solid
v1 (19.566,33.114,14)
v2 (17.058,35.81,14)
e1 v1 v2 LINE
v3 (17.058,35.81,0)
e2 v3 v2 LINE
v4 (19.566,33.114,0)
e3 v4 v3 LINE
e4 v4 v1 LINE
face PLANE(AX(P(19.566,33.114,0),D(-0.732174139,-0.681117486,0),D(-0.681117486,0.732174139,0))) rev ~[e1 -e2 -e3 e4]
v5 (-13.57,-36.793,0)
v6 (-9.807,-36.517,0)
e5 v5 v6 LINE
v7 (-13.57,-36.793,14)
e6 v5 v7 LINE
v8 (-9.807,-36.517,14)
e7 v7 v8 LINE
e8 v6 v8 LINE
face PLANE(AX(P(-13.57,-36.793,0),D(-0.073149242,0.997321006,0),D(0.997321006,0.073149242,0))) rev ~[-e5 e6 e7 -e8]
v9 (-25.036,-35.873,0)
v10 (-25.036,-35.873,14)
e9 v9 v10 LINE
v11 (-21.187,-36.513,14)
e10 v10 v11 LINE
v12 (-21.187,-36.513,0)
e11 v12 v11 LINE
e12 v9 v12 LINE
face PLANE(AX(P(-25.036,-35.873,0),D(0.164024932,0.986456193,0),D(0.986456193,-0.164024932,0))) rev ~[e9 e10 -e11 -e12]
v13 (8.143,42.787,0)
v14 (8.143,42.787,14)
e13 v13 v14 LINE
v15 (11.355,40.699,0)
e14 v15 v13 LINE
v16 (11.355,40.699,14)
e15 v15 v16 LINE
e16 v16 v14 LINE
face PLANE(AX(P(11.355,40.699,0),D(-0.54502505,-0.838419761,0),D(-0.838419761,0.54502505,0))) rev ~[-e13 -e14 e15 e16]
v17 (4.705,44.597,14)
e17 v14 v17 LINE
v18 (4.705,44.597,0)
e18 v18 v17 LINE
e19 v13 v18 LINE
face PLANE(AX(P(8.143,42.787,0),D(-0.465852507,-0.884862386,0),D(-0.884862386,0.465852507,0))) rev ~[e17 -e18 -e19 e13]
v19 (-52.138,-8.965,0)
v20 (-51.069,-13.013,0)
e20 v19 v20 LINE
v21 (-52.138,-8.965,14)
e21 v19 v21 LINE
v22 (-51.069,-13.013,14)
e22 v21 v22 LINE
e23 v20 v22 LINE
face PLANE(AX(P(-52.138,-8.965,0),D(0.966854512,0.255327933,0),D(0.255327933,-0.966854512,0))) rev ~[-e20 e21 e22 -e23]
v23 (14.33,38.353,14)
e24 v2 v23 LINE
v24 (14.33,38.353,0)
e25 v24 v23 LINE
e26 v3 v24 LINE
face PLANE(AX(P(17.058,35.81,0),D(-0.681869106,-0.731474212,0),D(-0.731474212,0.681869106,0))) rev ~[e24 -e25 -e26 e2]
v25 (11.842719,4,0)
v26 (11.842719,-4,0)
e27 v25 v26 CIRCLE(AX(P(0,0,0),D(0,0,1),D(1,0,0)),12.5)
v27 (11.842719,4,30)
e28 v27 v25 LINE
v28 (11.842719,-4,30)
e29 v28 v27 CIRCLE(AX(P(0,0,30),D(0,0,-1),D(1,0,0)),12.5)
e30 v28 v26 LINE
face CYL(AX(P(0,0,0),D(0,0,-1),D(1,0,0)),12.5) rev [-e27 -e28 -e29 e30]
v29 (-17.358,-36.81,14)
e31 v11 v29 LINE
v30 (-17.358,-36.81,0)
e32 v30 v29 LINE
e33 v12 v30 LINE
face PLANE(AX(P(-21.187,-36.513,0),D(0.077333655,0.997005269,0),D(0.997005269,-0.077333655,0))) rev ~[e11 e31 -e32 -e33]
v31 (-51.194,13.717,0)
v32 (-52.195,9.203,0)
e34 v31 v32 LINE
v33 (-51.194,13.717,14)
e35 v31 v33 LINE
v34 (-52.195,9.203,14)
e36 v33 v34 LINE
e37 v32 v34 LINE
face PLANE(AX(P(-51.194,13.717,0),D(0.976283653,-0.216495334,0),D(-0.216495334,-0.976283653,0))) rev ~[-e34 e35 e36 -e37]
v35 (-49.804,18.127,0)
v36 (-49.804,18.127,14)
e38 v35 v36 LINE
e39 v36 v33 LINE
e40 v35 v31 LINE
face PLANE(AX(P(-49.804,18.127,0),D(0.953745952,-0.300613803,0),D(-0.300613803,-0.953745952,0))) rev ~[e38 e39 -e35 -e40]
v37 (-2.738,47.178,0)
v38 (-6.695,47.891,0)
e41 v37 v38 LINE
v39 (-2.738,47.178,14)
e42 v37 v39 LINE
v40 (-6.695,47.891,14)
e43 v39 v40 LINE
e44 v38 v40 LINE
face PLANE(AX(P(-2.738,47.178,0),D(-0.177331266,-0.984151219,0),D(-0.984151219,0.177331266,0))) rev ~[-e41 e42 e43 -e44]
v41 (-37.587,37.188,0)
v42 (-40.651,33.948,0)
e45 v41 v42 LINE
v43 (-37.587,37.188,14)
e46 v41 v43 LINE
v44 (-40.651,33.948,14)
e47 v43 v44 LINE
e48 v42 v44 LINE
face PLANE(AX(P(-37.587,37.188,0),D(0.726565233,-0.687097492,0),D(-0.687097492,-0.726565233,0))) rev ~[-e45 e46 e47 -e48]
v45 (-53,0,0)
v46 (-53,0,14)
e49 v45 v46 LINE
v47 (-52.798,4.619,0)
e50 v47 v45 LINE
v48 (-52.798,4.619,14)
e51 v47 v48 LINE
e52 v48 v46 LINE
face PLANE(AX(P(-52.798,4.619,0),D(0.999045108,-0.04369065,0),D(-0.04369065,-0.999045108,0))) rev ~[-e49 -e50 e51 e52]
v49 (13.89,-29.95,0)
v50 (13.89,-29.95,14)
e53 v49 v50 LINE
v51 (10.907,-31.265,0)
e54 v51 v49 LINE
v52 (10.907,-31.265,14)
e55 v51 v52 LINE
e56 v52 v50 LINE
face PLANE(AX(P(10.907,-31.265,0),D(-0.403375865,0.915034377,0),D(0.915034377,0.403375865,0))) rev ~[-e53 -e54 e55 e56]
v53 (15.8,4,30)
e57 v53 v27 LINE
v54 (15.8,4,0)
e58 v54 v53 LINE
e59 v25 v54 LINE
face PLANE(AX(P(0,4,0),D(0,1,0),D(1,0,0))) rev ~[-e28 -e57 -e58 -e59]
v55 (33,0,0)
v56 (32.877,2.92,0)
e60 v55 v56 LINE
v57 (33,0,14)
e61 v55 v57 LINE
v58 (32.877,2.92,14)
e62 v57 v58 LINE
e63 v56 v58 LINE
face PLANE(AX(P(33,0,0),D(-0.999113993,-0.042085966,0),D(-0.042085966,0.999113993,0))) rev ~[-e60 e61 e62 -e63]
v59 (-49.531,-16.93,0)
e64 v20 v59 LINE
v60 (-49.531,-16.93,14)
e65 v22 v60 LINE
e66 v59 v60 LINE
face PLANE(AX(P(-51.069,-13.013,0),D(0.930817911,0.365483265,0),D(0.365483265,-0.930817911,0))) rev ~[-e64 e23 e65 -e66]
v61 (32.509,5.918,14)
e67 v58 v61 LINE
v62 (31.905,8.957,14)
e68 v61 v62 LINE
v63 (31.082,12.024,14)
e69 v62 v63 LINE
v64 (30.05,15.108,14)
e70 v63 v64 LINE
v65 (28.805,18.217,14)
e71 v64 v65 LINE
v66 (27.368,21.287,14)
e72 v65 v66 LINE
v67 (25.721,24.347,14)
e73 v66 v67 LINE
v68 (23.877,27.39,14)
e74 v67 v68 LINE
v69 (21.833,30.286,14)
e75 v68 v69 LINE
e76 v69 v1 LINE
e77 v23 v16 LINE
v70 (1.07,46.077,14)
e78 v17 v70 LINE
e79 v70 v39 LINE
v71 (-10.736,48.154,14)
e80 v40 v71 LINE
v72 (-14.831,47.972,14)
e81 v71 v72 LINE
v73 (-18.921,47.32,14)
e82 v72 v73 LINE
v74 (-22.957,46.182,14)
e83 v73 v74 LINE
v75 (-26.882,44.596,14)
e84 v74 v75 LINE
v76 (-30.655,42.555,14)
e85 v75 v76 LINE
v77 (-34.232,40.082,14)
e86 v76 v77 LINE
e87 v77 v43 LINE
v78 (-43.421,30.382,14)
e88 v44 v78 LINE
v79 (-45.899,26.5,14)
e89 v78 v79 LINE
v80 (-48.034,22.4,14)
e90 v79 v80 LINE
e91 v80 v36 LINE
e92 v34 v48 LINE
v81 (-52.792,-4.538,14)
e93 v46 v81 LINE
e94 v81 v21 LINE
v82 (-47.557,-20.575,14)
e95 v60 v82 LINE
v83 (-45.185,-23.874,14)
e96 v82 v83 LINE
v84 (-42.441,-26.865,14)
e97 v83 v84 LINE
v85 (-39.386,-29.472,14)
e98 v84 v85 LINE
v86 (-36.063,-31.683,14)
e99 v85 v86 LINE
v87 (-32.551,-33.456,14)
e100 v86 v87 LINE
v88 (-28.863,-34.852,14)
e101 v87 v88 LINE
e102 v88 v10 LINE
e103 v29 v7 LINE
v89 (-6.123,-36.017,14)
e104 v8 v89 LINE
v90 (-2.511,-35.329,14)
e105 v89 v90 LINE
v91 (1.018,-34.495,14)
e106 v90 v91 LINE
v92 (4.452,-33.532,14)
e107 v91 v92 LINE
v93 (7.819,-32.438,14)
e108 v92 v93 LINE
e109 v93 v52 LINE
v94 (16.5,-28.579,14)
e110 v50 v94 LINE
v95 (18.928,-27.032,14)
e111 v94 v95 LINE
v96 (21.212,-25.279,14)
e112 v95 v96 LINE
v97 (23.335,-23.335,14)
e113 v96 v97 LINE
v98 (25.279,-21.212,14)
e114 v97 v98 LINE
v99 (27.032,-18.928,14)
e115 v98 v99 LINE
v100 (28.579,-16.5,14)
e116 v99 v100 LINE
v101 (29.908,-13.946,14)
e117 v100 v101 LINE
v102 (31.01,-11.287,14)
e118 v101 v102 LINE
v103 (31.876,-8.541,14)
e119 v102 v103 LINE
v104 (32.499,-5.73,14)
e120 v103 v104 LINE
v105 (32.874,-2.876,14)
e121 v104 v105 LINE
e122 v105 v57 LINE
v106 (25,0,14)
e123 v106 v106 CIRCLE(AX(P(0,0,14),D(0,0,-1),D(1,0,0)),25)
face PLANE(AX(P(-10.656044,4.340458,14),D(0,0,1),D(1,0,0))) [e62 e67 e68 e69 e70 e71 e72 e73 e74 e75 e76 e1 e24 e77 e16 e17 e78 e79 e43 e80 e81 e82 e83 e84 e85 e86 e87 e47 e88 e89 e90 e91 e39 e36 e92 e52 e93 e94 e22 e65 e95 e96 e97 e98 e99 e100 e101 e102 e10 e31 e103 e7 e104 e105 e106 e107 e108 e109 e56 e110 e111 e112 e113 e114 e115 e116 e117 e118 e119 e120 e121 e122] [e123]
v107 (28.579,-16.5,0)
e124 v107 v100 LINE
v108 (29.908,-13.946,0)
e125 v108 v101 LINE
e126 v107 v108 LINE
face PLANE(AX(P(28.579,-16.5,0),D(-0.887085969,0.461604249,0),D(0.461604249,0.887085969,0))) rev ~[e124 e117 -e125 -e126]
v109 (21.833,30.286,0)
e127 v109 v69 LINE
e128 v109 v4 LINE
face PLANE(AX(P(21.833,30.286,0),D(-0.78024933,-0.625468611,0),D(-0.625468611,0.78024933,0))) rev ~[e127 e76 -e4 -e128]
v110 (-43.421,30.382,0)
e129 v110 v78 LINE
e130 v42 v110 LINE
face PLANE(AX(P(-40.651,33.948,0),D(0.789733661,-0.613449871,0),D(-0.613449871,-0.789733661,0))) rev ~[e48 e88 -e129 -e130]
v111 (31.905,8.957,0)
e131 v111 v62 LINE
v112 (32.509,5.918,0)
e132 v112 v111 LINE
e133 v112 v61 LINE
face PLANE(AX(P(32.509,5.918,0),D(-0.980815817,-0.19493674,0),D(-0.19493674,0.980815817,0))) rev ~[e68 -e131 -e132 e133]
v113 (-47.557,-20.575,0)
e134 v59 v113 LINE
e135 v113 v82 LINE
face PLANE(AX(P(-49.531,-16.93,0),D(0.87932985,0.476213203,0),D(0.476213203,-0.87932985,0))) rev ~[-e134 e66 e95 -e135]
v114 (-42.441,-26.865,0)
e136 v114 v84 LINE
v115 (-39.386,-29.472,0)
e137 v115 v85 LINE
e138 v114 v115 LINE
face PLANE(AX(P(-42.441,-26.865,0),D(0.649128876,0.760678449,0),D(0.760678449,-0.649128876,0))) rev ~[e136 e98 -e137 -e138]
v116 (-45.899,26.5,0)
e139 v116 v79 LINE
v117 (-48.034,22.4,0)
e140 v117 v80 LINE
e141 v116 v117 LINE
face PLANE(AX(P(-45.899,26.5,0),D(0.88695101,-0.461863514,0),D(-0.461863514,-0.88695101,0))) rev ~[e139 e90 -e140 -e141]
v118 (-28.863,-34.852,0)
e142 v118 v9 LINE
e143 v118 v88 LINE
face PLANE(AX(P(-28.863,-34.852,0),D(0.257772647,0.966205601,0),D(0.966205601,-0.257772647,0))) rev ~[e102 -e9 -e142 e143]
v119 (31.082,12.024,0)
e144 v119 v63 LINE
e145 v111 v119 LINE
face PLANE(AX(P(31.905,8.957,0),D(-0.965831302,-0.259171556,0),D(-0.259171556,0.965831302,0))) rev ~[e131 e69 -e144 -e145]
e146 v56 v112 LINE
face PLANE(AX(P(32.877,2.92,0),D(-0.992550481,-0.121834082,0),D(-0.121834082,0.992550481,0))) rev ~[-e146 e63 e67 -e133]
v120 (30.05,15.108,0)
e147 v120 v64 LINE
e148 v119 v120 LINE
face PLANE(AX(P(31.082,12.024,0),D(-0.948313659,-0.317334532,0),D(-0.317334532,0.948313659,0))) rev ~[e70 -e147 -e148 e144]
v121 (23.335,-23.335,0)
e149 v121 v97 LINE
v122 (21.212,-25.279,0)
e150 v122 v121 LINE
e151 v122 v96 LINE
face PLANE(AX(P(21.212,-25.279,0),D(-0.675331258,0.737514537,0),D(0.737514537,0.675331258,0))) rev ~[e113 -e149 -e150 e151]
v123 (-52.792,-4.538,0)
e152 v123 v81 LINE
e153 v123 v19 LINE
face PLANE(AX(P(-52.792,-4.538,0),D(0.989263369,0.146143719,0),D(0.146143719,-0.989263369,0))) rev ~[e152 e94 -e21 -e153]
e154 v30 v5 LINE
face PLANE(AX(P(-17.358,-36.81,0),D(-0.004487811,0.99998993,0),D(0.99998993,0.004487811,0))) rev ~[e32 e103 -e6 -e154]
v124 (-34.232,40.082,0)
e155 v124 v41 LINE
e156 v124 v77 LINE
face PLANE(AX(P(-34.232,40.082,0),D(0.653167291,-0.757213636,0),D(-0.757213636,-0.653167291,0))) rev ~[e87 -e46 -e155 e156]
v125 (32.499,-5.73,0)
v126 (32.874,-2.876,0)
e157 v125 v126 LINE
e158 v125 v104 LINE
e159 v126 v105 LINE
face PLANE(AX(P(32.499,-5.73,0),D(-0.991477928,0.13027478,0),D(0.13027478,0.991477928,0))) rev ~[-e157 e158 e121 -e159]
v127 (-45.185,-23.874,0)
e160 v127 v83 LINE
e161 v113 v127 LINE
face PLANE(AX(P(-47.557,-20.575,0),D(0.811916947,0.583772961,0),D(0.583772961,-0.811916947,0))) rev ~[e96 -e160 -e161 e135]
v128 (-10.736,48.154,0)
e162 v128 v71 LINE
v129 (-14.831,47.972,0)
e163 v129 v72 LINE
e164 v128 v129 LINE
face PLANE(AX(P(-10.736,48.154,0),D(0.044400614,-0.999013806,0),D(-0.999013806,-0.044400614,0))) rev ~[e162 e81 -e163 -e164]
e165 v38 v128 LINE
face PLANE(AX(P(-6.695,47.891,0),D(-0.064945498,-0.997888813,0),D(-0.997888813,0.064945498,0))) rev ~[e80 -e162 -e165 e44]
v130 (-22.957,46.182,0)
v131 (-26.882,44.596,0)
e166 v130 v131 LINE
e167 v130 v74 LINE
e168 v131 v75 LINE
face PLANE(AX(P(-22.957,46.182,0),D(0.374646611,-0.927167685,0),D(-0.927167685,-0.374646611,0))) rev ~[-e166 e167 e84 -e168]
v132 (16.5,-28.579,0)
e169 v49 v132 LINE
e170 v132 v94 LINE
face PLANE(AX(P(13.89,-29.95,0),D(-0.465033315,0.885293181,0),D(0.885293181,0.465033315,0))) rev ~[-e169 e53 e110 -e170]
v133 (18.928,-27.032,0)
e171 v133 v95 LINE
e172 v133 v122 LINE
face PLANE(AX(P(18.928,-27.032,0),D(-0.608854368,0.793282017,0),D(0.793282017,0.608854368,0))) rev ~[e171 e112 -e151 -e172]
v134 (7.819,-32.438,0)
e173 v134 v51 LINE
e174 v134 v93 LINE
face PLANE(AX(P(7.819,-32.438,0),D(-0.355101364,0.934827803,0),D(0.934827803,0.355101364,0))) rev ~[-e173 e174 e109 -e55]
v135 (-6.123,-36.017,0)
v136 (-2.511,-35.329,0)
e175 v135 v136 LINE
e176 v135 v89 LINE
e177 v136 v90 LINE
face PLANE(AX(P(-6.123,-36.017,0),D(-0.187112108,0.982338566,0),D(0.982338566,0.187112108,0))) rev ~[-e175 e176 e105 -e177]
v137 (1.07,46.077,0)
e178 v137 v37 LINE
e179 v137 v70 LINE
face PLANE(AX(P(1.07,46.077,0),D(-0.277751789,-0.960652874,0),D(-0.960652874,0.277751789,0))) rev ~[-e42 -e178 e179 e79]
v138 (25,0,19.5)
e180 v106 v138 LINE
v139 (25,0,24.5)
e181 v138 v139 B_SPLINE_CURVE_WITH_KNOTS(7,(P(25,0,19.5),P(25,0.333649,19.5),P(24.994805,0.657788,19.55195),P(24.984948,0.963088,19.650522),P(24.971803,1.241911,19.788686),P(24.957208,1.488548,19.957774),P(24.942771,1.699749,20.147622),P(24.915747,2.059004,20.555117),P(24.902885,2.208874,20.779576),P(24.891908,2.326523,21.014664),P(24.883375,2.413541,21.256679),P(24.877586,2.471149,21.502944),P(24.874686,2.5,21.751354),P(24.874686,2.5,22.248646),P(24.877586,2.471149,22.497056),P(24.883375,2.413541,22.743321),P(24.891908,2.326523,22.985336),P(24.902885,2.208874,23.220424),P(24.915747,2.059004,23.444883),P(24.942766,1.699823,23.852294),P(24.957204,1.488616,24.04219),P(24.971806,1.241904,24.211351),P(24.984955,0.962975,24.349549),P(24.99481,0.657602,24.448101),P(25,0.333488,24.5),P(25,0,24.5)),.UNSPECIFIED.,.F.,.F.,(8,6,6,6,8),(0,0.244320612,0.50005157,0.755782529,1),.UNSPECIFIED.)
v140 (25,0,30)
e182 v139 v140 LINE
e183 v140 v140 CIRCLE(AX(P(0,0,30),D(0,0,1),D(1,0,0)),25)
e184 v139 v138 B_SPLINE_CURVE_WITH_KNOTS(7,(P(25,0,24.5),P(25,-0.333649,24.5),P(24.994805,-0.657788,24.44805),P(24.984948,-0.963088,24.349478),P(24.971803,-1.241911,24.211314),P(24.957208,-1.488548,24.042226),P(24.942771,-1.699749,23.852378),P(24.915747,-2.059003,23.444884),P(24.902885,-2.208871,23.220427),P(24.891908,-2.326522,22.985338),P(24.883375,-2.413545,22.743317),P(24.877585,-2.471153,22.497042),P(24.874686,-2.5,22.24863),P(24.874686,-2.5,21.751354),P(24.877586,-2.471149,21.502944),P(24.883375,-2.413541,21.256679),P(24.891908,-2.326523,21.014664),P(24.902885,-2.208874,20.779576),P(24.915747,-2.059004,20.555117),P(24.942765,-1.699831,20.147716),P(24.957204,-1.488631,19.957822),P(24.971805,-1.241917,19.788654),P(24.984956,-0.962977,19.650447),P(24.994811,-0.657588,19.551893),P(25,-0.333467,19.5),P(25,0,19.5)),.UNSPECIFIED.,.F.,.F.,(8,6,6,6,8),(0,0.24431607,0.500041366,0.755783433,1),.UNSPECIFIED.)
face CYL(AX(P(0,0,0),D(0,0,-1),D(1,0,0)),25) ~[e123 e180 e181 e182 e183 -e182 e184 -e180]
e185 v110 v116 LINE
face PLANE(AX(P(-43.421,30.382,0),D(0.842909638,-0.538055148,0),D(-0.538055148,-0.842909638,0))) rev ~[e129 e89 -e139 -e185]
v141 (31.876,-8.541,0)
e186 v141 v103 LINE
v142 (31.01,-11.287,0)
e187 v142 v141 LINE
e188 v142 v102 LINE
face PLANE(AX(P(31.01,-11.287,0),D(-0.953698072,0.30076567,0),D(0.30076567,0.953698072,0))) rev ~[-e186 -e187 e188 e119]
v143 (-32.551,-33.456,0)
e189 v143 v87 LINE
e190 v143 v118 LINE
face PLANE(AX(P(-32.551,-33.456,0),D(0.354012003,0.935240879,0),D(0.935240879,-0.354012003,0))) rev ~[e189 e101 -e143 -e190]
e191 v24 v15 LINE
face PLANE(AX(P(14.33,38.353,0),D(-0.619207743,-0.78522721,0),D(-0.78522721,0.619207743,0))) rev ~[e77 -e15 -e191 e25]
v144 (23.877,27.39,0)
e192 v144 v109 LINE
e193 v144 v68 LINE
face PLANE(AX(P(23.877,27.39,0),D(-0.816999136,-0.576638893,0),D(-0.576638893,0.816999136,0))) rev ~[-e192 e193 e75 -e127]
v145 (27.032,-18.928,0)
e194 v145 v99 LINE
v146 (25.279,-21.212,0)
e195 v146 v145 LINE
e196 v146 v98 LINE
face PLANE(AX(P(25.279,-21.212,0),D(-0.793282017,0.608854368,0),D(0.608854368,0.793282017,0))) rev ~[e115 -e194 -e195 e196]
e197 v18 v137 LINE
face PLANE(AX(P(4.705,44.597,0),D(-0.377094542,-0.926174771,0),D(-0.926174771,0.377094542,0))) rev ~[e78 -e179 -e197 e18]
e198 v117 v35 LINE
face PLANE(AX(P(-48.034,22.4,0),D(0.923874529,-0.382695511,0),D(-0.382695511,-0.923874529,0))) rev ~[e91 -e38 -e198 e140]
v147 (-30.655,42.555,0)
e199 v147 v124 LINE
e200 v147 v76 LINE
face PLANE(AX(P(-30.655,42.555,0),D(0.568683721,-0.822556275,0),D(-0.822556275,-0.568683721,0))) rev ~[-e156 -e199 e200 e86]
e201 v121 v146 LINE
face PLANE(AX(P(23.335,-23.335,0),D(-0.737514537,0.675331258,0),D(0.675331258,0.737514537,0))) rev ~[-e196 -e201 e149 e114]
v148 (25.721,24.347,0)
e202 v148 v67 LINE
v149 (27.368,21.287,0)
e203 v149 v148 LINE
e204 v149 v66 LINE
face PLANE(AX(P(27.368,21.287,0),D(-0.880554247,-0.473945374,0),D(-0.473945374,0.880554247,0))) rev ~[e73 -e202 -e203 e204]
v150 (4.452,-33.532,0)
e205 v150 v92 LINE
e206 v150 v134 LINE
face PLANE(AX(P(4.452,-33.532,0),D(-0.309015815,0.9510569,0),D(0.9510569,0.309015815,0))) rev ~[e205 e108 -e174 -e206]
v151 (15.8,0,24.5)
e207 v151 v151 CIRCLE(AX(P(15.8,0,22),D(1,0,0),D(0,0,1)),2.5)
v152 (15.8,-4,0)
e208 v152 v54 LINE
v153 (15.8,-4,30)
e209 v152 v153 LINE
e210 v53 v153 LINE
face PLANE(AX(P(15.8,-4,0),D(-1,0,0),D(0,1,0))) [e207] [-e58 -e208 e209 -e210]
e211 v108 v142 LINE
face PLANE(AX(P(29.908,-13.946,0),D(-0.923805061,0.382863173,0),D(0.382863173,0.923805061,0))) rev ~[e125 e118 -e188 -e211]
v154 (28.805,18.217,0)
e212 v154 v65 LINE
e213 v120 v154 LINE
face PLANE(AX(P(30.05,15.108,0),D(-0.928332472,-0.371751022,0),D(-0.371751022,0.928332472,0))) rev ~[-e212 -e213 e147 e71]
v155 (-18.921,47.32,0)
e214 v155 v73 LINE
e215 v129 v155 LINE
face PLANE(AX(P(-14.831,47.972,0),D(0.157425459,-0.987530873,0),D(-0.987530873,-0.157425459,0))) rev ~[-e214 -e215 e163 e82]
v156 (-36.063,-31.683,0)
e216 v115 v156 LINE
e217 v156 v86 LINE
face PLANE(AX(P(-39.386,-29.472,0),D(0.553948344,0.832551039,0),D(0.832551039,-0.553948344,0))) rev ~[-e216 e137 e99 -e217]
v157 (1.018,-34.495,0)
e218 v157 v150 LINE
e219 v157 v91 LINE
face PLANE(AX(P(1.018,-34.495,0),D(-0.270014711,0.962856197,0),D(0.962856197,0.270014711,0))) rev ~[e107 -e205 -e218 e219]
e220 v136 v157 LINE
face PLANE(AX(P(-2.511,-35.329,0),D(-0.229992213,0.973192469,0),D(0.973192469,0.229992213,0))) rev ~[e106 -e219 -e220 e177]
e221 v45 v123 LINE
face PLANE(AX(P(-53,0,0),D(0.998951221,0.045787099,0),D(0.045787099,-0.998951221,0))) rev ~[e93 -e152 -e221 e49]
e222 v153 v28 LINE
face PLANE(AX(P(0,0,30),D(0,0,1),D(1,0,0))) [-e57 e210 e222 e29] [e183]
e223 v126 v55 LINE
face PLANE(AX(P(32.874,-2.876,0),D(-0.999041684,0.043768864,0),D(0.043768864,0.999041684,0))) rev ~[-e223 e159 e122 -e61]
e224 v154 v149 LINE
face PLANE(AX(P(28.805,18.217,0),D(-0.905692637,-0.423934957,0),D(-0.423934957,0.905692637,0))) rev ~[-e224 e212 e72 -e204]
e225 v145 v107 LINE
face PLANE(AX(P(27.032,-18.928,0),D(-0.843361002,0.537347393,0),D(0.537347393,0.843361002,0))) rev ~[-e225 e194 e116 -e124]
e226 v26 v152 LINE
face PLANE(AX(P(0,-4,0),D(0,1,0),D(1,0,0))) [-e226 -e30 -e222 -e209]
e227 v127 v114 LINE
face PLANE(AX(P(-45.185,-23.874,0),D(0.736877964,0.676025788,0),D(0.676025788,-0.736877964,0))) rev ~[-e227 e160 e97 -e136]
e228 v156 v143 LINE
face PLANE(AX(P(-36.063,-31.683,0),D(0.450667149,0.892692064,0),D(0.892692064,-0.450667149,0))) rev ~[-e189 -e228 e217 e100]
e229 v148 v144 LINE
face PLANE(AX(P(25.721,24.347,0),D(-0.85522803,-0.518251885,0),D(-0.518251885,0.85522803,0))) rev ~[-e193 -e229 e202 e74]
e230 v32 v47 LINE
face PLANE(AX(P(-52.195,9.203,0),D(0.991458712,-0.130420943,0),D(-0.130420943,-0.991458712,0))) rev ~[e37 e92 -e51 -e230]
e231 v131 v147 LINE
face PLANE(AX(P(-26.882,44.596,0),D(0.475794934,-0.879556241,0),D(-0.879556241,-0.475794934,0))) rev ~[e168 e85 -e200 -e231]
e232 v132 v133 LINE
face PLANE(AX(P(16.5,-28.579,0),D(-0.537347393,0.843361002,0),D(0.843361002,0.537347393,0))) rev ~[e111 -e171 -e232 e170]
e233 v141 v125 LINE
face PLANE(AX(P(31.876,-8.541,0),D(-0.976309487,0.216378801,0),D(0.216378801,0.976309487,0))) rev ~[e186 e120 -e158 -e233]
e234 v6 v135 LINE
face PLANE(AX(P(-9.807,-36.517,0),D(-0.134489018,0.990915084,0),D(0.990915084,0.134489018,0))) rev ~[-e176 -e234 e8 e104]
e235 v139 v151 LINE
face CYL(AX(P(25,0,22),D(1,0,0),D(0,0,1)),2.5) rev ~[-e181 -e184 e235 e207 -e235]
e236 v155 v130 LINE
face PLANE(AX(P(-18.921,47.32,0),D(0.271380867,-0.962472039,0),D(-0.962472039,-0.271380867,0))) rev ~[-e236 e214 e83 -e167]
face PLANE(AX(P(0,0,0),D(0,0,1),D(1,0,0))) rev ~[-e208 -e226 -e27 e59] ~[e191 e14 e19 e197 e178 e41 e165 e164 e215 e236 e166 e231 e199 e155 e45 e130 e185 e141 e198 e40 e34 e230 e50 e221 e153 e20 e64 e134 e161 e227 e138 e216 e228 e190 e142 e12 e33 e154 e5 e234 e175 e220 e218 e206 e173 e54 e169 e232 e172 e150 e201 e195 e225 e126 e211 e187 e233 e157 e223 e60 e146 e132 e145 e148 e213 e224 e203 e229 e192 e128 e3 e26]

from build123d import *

# Parameters (mm, degrees)
EXTRUDE_1_DEPTH     = 14
SKETCH_2_R          = 25
EXTRUDE_2_DEPTH     = 30
SKETCH_3_R          = 12.5
CUT_EXTRUDE_1_DEPTH = 78.638957463
SKETCH_4_W          = 15.8
SKETCH_4_H          = 8
CUT_EXTRUDE_2_DEPTH = 78.638957463
SKETCH_5_R          = 2.5
CUT_EXTRUDE_3_DEPTH = 12.6


with BuildPart() as part:
    # 草图1 → 凸台-拉伸1 (new body)
    with BuildSketch(Plane.XY):
        Polygon((33, 0), (32.877, 2.92), (32.509, 5.918), (31.905, 8.957), (31.082, 12.024), (30.05, 15.108), (28.805, 18.217), (27.368, 21.287), (25.721, 24.347), (23.877, 27.39), (21.833, 30.286), (19.566, 33.114), (17.058, 35.81), (14.33, 38.353), (11.355, 40.699), (8.143, 42.787), (4.705, 44.597), (1.07, 46.077), (-2.738, 47.178), (-6.695, 47.891), (-10.736, 48.154), (-14.831, 47.972), (-18.921, 47.32), (-22.957, 46.182), (-26.882, 44.596), (-30.655, 42.555), (-34.232, 40.082), (-37.587, 37.188), (-40.651, 33.948), (-43.421, 30.382), (-45.899, 26.5), (-48.034, 22.4), (-49.804, 18.127), (-51.194, 13.717), (-52.195, 9.203), (-52.798, 4.619), (-53, 0), (-52.792, -4.538), (-52.138, -8.965), (-51.069, -13.013), (-49.531, -16.93), (-47.557, -20.575), (-45.185, -23.874), (-42.441, -26.865), (-39.386, -29.472), (-36.063, -31.683), (-32.551, -33.456), (-28.863, -34.852), (-25.036, -35.873), (-21.187, -36.513), (-17.358, -36.81), (-13.57, -36.793), (-9.807, -36.517), (-6.123, -36.017), (-2.511, -35.329), (1.018, -34.495), (4.452, -33.532), (7.819, -32.438), (10.907, -31.265), (13.89, -29.95), (16.5, -28.579), (18.928, -27.032), (21.212, -25.279), (23.335, -23.335), (25.279, -21.212), (27.032, -18.928), (28.579, -16.5), (29.908, -13.946), (31.01, -11.287), (31.876, -8.541), (32.499, -5.73), (32.874, -2.876), align=None)
    extrude(amount=EXTRUDE_1_DEPTH)

    # 草图2 → 凸台-拉伸2 (add)
    with BuildSketch(Plane.XY):
        Circle(SKETCH_2_R)
    extrude(amount=EXTRUDE_2_DEPTH)

    # 草图3 → 切除-拉伸1 (cut, through all)
    with BuildSketch(Plane.XY):
        Circle(SKETCH_3_R)
    extrude(amount=CUT_EXTRUDE_1_DEPTH, mode=Mode.SUBTRACT)

    # 草图4 → 切除-拉伸2 (cut, through all)
    with BuildSketch(Plane.XY):
        with Locations((7.9, 0)):
            Rectangle(SKETCH_4_W, SKETCH_4_H)
    extrude(amount=CUT_EXTRUDE_2_DEPTH, mode=Mode.SUBTRACT)

    # 草图5 → 切除-拉伸3 (cut)
    with BuildSketch(Plane(origin=(25, 0, 0), x_dir=(0, 0, -1), z_dir=(1, 0, 0))):
        with Locations(Location((-22, 0, 0), (0, 0, 180))):
            Circle(SKETCH_5_R)
    extrude(amount=-CUT_EXTRUDE_3_DEPTH, mode=Mode.SUBTRACT)


solid = part.part
